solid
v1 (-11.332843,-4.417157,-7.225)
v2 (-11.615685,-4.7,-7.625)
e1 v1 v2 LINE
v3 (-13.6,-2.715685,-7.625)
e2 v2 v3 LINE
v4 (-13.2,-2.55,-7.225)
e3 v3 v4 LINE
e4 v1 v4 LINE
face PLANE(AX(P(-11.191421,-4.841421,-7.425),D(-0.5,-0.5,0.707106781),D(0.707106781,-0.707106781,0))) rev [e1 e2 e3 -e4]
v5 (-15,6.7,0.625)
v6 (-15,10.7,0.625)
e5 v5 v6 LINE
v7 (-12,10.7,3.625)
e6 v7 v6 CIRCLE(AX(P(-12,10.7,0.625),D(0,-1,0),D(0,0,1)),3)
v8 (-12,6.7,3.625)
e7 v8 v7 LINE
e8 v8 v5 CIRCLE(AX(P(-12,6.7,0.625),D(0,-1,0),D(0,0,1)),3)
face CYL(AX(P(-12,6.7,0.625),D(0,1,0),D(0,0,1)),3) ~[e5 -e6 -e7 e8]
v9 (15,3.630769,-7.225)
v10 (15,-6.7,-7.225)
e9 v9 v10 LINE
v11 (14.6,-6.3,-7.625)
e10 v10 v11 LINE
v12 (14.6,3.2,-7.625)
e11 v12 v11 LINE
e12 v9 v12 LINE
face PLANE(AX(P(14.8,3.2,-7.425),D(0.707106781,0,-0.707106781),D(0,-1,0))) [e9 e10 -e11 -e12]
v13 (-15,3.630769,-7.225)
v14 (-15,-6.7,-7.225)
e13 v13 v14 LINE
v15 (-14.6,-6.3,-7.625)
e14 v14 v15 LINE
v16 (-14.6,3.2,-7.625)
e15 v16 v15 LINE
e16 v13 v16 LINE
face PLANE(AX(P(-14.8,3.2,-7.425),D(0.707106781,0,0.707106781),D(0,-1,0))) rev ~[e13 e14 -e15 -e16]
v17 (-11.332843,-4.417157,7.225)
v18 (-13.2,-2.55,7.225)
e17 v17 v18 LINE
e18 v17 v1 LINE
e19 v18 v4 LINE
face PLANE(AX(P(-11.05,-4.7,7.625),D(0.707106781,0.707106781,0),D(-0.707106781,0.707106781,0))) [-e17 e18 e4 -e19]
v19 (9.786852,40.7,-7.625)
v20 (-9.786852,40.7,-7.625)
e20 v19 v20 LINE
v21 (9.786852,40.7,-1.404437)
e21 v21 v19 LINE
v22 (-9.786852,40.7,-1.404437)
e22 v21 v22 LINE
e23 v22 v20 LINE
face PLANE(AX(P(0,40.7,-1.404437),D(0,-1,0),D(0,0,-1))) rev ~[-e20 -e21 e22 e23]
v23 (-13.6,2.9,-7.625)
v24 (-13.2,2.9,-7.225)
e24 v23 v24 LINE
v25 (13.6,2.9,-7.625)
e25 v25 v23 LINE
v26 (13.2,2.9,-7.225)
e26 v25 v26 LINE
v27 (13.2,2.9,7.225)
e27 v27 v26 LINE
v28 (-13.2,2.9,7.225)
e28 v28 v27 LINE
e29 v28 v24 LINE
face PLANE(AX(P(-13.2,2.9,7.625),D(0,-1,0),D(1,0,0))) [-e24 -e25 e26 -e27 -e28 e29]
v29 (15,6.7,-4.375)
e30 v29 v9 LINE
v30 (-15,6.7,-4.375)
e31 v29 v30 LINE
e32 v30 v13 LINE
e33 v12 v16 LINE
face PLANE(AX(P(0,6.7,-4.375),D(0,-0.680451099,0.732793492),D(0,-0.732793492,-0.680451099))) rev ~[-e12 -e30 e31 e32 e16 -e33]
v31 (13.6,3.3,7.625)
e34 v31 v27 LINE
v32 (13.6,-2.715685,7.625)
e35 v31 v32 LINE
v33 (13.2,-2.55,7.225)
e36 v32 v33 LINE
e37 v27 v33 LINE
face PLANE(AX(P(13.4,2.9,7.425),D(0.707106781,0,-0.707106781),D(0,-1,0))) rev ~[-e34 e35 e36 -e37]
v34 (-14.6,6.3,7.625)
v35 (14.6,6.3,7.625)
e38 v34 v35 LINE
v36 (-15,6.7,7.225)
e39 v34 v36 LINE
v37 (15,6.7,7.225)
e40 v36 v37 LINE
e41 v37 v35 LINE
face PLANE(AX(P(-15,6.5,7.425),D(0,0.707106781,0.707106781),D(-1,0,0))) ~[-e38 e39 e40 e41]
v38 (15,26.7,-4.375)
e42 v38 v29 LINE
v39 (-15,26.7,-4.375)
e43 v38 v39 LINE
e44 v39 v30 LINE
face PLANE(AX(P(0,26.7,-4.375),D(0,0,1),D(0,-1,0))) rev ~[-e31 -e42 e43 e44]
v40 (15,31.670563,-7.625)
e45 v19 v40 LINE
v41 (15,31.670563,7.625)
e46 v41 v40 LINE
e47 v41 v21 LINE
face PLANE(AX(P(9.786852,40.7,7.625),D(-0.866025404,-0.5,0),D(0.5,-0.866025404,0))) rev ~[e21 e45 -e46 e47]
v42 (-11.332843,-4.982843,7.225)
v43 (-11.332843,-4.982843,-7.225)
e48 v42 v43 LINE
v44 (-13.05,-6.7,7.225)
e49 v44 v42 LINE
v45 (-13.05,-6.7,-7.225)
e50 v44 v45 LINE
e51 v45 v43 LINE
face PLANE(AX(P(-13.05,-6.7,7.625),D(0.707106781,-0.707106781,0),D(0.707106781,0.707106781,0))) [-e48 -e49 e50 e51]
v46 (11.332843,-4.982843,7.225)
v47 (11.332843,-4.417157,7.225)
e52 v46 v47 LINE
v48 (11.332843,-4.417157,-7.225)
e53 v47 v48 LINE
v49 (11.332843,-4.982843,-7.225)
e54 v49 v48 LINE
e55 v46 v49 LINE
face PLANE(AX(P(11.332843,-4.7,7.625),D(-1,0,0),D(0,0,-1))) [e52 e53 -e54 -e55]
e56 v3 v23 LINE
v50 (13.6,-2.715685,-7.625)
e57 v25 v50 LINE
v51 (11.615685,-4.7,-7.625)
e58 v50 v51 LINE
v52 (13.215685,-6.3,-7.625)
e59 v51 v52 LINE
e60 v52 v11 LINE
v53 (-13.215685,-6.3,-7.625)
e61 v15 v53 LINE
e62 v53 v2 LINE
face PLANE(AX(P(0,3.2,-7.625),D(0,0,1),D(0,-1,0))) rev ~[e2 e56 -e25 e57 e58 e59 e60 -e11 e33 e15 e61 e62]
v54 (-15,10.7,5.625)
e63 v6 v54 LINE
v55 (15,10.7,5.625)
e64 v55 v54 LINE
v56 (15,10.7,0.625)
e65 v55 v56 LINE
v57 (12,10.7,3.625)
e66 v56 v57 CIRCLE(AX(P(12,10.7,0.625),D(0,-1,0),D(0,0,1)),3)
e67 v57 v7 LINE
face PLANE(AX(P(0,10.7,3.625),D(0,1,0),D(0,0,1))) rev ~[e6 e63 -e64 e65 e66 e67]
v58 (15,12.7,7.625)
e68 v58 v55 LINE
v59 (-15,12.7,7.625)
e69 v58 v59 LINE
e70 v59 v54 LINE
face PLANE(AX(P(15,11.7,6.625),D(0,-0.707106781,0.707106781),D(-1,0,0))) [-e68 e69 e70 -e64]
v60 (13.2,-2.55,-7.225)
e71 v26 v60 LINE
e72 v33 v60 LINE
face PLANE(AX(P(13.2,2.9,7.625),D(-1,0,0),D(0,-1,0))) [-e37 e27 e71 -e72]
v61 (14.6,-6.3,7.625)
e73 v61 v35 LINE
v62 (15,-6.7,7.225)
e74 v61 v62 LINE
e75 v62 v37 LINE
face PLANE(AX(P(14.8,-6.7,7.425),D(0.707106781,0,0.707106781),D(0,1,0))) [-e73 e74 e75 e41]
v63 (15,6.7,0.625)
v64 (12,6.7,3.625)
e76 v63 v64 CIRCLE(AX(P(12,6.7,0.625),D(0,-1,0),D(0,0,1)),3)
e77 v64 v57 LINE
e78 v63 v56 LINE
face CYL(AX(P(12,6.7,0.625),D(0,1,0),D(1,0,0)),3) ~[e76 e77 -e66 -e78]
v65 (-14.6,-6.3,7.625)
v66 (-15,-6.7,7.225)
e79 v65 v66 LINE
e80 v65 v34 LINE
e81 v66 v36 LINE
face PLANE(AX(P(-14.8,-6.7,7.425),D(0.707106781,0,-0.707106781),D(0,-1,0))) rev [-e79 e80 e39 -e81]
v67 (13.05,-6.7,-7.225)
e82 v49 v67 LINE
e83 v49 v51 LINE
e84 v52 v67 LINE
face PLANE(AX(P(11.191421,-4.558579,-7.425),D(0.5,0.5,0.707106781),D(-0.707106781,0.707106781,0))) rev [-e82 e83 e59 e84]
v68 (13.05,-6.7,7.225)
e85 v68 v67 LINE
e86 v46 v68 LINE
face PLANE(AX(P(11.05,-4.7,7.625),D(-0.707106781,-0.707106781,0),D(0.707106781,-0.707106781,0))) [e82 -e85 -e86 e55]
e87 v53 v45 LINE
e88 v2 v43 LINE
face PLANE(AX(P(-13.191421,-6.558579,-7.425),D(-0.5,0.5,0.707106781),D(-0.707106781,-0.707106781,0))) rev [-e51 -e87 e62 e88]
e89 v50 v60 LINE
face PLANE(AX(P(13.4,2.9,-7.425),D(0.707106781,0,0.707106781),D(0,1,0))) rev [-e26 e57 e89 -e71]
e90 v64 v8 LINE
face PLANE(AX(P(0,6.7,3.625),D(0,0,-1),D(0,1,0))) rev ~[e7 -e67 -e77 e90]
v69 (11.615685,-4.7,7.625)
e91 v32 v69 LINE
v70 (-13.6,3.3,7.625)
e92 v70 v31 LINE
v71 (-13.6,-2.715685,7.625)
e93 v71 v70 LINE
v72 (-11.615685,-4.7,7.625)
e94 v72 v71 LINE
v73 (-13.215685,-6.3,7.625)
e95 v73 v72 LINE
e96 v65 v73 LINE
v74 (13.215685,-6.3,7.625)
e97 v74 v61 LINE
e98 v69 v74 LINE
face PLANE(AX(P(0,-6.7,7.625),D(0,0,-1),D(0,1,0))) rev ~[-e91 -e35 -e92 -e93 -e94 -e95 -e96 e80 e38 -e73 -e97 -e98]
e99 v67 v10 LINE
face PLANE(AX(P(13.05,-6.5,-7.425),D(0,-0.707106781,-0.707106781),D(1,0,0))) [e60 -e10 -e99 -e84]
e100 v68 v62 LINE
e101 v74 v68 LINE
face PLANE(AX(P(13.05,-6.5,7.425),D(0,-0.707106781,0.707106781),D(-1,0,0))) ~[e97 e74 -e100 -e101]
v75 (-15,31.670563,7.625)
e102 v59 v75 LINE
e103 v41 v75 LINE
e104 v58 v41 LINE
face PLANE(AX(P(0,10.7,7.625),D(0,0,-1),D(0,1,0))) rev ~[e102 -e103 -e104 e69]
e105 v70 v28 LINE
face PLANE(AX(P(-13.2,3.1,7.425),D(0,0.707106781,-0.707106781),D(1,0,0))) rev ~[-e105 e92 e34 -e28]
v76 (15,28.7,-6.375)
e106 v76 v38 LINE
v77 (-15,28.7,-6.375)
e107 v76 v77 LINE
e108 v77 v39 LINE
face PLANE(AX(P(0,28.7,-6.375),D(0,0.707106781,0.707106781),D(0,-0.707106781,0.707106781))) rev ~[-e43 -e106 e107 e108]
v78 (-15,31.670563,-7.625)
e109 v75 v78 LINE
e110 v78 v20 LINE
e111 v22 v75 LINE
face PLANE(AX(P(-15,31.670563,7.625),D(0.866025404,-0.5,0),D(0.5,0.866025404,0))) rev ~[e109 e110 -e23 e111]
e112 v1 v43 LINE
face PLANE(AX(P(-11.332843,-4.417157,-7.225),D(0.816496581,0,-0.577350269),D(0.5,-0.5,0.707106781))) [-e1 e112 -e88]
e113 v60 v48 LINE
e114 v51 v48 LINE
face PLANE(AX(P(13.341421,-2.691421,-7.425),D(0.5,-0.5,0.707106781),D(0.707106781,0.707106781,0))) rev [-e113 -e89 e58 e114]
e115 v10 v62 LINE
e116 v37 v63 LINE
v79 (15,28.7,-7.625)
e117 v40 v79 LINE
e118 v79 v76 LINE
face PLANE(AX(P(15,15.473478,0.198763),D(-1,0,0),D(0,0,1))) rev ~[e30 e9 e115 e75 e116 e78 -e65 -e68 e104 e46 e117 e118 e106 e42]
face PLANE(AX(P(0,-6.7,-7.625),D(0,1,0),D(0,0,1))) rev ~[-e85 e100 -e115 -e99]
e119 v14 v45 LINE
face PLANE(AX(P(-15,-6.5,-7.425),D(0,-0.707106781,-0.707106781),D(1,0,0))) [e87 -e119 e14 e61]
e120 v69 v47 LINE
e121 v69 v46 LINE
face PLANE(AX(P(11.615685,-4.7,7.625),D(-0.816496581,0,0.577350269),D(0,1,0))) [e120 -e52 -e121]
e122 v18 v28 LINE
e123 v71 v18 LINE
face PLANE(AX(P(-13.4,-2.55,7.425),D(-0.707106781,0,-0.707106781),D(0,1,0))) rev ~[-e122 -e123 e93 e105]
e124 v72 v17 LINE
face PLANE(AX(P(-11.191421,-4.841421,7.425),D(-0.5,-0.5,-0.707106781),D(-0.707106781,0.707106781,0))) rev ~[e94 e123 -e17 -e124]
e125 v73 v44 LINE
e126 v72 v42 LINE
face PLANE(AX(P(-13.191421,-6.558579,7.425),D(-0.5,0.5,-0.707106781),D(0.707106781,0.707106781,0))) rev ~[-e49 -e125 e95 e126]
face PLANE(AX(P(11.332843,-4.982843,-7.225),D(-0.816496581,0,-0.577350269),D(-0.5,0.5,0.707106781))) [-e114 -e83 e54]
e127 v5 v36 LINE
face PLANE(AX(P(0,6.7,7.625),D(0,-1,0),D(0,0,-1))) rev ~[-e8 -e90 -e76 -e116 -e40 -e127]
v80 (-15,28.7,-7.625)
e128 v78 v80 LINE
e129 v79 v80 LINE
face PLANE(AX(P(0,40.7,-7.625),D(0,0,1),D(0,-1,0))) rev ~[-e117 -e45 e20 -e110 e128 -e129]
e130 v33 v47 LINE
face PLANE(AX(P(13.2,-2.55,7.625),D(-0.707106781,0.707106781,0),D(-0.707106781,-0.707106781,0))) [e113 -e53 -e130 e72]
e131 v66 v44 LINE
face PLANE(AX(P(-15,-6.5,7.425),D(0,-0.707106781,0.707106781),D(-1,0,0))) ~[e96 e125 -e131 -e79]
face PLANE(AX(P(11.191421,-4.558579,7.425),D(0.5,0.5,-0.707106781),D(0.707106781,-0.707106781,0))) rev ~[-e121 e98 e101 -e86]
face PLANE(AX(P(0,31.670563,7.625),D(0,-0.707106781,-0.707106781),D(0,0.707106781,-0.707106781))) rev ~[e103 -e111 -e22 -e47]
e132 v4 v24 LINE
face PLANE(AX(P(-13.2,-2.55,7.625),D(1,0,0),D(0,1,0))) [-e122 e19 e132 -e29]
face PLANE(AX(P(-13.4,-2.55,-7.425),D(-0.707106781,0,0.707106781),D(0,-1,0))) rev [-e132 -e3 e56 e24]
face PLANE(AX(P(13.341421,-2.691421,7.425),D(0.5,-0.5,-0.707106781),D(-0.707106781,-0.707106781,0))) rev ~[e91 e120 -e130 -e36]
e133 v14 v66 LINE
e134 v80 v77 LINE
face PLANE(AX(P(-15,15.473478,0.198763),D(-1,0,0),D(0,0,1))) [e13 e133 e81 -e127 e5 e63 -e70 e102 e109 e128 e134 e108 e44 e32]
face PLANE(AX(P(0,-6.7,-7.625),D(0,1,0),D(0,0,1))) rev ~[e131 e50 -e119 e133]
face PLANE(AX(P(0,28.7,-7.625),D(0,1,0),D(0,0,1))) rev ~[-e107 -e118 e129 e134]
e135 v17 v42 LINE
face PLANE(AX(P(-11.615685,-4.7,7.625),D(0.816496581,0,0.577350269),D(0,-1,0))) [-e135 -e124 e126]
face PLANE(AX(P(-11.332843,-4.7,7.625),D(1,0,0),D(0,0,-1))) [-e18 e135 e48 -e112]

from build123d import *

# Parameters (mm, degrees)
BOSS_EXTRUDE1_DEPTH = 15
FILLET1_R           = 3
CUT_EXTRUDE1_DEPTH  = 16.25
CHAMFER1_SIZE       = 0.4
CUT_EXTRUDE2_DEPTH  = 16.25
CHAMFER2_SIZE       = 2


with BuildPart() as part:
    # Sketch1 → Boss-Extrude1 (new body, symmetric)
    with BuildSketch(Plane(origin=(0, 0, 0), x_dir=(0, 0, -1), z_dir=(1, 0, 0))):
        Polygon((-7.625, 6.7), (-3.625, 6.7), (-3.625, 10.7), (-7.625, 10.7), (-7.625, 31.670562748), (1.404437252, 40.7), (7.625, 40.7), (7.625, 28.7), (6.375, 28.7), (4.375, 26.7), (4.375, 6.7), (7.625, 3.2), (7.625, -6.7), (-7.625, -6.7), align=None)
    extrude(amount=BOSS_EXTRUDE1_DEPTH, both=True)

    # Fillet1
    fillet1_edges = [part.edges().sort_by_distance(p)[0] for p in [
        (-15, 8.7, 3.625),
        (15, 8.7, 3.625),
    ]]
    fillet(fillet1_edges, radius=FILLET1_R)

    # Sketch2 → Cut-Extrude1 (cut, through all)
    with BuildSketch(Plane.XY.offset(7.625)):
        Polygon((-13.2, 2.9), (13.2, 2.9), (13.2, -2.55), (11.05, -4.7), (13.05, -6.7), (-13.05, -6.7), (-11.05, -4.7), (-13.2, -2.55), align=None)
    extrude(amount=-CUT_EXTRUDE1_DEPTH, mode=Mode.SUBTRACT)

    # Chamfer1
    chamfer1_edges = [part.edges().sort_by_distance(p)[0] for p in [
        (15, -1.75, -7.625),
        (-15, -1.75, -7.625),
        (-15, 0, 7.625),
        (0, 6.7, 7.625),
        (14.025, -6.7, -7.625),
        (14.025, -6.7, 7.625),
        (15, 0, 7.625),
        (-14.025, -6.7, -7.625),
        (-14.025, -6.7, 7.625),
        (-13.2, 0.175, -7.625),
        (13.2, 0.175, -7.625),
        (12.125, -3.625, -7.625),
        (12.05, -5.7, -7.625),
        (11.05, -4.7, 0),
        (-12.05, -5.7, -7.625),
        (-12.125, -3.625, -7.625),
        (-11.05, -4.7, 0),
        (-13.2, 0.175, 7.625),
        (-12.125, -3.625, 7.625),
        (-12.05, -5.7, 7.625),
        (12.05, -5.7, 7.625),
        (12.125, -3.625, 7.625),
        (13.2, 0.175, 7.625),
        (0, 2.9, 7.625),
    ]]
    chamfer(chamfer1_edges, length=CHAMFER1_SIZE)

    # Sketch3 → Cut-Extrude2 (cut, through all)
    with BuildSketch(Plane.XY.offset(7.625)):
        Polygon((-15, 31.670562748), (-9.786851972, 40.7), (-15, 40.7), align=None)
        Polygon((15, 31.670562748), (15, 40.7), (9.786851972, 40.7), align=None)
    extrude(amount=-CUT_EXTRUDE2_DEPTH, mode=Mode.SUBTRACT)

    # Chamfer2
    chamfer2_edges = [part.edges().sort_by_distance(p)[0] for p in [
        (0, 10.7, 7.625),
    ]]
    chamfer(chamfer2_edges, length=CHAMFER2_SIZE)


solid = part.part
